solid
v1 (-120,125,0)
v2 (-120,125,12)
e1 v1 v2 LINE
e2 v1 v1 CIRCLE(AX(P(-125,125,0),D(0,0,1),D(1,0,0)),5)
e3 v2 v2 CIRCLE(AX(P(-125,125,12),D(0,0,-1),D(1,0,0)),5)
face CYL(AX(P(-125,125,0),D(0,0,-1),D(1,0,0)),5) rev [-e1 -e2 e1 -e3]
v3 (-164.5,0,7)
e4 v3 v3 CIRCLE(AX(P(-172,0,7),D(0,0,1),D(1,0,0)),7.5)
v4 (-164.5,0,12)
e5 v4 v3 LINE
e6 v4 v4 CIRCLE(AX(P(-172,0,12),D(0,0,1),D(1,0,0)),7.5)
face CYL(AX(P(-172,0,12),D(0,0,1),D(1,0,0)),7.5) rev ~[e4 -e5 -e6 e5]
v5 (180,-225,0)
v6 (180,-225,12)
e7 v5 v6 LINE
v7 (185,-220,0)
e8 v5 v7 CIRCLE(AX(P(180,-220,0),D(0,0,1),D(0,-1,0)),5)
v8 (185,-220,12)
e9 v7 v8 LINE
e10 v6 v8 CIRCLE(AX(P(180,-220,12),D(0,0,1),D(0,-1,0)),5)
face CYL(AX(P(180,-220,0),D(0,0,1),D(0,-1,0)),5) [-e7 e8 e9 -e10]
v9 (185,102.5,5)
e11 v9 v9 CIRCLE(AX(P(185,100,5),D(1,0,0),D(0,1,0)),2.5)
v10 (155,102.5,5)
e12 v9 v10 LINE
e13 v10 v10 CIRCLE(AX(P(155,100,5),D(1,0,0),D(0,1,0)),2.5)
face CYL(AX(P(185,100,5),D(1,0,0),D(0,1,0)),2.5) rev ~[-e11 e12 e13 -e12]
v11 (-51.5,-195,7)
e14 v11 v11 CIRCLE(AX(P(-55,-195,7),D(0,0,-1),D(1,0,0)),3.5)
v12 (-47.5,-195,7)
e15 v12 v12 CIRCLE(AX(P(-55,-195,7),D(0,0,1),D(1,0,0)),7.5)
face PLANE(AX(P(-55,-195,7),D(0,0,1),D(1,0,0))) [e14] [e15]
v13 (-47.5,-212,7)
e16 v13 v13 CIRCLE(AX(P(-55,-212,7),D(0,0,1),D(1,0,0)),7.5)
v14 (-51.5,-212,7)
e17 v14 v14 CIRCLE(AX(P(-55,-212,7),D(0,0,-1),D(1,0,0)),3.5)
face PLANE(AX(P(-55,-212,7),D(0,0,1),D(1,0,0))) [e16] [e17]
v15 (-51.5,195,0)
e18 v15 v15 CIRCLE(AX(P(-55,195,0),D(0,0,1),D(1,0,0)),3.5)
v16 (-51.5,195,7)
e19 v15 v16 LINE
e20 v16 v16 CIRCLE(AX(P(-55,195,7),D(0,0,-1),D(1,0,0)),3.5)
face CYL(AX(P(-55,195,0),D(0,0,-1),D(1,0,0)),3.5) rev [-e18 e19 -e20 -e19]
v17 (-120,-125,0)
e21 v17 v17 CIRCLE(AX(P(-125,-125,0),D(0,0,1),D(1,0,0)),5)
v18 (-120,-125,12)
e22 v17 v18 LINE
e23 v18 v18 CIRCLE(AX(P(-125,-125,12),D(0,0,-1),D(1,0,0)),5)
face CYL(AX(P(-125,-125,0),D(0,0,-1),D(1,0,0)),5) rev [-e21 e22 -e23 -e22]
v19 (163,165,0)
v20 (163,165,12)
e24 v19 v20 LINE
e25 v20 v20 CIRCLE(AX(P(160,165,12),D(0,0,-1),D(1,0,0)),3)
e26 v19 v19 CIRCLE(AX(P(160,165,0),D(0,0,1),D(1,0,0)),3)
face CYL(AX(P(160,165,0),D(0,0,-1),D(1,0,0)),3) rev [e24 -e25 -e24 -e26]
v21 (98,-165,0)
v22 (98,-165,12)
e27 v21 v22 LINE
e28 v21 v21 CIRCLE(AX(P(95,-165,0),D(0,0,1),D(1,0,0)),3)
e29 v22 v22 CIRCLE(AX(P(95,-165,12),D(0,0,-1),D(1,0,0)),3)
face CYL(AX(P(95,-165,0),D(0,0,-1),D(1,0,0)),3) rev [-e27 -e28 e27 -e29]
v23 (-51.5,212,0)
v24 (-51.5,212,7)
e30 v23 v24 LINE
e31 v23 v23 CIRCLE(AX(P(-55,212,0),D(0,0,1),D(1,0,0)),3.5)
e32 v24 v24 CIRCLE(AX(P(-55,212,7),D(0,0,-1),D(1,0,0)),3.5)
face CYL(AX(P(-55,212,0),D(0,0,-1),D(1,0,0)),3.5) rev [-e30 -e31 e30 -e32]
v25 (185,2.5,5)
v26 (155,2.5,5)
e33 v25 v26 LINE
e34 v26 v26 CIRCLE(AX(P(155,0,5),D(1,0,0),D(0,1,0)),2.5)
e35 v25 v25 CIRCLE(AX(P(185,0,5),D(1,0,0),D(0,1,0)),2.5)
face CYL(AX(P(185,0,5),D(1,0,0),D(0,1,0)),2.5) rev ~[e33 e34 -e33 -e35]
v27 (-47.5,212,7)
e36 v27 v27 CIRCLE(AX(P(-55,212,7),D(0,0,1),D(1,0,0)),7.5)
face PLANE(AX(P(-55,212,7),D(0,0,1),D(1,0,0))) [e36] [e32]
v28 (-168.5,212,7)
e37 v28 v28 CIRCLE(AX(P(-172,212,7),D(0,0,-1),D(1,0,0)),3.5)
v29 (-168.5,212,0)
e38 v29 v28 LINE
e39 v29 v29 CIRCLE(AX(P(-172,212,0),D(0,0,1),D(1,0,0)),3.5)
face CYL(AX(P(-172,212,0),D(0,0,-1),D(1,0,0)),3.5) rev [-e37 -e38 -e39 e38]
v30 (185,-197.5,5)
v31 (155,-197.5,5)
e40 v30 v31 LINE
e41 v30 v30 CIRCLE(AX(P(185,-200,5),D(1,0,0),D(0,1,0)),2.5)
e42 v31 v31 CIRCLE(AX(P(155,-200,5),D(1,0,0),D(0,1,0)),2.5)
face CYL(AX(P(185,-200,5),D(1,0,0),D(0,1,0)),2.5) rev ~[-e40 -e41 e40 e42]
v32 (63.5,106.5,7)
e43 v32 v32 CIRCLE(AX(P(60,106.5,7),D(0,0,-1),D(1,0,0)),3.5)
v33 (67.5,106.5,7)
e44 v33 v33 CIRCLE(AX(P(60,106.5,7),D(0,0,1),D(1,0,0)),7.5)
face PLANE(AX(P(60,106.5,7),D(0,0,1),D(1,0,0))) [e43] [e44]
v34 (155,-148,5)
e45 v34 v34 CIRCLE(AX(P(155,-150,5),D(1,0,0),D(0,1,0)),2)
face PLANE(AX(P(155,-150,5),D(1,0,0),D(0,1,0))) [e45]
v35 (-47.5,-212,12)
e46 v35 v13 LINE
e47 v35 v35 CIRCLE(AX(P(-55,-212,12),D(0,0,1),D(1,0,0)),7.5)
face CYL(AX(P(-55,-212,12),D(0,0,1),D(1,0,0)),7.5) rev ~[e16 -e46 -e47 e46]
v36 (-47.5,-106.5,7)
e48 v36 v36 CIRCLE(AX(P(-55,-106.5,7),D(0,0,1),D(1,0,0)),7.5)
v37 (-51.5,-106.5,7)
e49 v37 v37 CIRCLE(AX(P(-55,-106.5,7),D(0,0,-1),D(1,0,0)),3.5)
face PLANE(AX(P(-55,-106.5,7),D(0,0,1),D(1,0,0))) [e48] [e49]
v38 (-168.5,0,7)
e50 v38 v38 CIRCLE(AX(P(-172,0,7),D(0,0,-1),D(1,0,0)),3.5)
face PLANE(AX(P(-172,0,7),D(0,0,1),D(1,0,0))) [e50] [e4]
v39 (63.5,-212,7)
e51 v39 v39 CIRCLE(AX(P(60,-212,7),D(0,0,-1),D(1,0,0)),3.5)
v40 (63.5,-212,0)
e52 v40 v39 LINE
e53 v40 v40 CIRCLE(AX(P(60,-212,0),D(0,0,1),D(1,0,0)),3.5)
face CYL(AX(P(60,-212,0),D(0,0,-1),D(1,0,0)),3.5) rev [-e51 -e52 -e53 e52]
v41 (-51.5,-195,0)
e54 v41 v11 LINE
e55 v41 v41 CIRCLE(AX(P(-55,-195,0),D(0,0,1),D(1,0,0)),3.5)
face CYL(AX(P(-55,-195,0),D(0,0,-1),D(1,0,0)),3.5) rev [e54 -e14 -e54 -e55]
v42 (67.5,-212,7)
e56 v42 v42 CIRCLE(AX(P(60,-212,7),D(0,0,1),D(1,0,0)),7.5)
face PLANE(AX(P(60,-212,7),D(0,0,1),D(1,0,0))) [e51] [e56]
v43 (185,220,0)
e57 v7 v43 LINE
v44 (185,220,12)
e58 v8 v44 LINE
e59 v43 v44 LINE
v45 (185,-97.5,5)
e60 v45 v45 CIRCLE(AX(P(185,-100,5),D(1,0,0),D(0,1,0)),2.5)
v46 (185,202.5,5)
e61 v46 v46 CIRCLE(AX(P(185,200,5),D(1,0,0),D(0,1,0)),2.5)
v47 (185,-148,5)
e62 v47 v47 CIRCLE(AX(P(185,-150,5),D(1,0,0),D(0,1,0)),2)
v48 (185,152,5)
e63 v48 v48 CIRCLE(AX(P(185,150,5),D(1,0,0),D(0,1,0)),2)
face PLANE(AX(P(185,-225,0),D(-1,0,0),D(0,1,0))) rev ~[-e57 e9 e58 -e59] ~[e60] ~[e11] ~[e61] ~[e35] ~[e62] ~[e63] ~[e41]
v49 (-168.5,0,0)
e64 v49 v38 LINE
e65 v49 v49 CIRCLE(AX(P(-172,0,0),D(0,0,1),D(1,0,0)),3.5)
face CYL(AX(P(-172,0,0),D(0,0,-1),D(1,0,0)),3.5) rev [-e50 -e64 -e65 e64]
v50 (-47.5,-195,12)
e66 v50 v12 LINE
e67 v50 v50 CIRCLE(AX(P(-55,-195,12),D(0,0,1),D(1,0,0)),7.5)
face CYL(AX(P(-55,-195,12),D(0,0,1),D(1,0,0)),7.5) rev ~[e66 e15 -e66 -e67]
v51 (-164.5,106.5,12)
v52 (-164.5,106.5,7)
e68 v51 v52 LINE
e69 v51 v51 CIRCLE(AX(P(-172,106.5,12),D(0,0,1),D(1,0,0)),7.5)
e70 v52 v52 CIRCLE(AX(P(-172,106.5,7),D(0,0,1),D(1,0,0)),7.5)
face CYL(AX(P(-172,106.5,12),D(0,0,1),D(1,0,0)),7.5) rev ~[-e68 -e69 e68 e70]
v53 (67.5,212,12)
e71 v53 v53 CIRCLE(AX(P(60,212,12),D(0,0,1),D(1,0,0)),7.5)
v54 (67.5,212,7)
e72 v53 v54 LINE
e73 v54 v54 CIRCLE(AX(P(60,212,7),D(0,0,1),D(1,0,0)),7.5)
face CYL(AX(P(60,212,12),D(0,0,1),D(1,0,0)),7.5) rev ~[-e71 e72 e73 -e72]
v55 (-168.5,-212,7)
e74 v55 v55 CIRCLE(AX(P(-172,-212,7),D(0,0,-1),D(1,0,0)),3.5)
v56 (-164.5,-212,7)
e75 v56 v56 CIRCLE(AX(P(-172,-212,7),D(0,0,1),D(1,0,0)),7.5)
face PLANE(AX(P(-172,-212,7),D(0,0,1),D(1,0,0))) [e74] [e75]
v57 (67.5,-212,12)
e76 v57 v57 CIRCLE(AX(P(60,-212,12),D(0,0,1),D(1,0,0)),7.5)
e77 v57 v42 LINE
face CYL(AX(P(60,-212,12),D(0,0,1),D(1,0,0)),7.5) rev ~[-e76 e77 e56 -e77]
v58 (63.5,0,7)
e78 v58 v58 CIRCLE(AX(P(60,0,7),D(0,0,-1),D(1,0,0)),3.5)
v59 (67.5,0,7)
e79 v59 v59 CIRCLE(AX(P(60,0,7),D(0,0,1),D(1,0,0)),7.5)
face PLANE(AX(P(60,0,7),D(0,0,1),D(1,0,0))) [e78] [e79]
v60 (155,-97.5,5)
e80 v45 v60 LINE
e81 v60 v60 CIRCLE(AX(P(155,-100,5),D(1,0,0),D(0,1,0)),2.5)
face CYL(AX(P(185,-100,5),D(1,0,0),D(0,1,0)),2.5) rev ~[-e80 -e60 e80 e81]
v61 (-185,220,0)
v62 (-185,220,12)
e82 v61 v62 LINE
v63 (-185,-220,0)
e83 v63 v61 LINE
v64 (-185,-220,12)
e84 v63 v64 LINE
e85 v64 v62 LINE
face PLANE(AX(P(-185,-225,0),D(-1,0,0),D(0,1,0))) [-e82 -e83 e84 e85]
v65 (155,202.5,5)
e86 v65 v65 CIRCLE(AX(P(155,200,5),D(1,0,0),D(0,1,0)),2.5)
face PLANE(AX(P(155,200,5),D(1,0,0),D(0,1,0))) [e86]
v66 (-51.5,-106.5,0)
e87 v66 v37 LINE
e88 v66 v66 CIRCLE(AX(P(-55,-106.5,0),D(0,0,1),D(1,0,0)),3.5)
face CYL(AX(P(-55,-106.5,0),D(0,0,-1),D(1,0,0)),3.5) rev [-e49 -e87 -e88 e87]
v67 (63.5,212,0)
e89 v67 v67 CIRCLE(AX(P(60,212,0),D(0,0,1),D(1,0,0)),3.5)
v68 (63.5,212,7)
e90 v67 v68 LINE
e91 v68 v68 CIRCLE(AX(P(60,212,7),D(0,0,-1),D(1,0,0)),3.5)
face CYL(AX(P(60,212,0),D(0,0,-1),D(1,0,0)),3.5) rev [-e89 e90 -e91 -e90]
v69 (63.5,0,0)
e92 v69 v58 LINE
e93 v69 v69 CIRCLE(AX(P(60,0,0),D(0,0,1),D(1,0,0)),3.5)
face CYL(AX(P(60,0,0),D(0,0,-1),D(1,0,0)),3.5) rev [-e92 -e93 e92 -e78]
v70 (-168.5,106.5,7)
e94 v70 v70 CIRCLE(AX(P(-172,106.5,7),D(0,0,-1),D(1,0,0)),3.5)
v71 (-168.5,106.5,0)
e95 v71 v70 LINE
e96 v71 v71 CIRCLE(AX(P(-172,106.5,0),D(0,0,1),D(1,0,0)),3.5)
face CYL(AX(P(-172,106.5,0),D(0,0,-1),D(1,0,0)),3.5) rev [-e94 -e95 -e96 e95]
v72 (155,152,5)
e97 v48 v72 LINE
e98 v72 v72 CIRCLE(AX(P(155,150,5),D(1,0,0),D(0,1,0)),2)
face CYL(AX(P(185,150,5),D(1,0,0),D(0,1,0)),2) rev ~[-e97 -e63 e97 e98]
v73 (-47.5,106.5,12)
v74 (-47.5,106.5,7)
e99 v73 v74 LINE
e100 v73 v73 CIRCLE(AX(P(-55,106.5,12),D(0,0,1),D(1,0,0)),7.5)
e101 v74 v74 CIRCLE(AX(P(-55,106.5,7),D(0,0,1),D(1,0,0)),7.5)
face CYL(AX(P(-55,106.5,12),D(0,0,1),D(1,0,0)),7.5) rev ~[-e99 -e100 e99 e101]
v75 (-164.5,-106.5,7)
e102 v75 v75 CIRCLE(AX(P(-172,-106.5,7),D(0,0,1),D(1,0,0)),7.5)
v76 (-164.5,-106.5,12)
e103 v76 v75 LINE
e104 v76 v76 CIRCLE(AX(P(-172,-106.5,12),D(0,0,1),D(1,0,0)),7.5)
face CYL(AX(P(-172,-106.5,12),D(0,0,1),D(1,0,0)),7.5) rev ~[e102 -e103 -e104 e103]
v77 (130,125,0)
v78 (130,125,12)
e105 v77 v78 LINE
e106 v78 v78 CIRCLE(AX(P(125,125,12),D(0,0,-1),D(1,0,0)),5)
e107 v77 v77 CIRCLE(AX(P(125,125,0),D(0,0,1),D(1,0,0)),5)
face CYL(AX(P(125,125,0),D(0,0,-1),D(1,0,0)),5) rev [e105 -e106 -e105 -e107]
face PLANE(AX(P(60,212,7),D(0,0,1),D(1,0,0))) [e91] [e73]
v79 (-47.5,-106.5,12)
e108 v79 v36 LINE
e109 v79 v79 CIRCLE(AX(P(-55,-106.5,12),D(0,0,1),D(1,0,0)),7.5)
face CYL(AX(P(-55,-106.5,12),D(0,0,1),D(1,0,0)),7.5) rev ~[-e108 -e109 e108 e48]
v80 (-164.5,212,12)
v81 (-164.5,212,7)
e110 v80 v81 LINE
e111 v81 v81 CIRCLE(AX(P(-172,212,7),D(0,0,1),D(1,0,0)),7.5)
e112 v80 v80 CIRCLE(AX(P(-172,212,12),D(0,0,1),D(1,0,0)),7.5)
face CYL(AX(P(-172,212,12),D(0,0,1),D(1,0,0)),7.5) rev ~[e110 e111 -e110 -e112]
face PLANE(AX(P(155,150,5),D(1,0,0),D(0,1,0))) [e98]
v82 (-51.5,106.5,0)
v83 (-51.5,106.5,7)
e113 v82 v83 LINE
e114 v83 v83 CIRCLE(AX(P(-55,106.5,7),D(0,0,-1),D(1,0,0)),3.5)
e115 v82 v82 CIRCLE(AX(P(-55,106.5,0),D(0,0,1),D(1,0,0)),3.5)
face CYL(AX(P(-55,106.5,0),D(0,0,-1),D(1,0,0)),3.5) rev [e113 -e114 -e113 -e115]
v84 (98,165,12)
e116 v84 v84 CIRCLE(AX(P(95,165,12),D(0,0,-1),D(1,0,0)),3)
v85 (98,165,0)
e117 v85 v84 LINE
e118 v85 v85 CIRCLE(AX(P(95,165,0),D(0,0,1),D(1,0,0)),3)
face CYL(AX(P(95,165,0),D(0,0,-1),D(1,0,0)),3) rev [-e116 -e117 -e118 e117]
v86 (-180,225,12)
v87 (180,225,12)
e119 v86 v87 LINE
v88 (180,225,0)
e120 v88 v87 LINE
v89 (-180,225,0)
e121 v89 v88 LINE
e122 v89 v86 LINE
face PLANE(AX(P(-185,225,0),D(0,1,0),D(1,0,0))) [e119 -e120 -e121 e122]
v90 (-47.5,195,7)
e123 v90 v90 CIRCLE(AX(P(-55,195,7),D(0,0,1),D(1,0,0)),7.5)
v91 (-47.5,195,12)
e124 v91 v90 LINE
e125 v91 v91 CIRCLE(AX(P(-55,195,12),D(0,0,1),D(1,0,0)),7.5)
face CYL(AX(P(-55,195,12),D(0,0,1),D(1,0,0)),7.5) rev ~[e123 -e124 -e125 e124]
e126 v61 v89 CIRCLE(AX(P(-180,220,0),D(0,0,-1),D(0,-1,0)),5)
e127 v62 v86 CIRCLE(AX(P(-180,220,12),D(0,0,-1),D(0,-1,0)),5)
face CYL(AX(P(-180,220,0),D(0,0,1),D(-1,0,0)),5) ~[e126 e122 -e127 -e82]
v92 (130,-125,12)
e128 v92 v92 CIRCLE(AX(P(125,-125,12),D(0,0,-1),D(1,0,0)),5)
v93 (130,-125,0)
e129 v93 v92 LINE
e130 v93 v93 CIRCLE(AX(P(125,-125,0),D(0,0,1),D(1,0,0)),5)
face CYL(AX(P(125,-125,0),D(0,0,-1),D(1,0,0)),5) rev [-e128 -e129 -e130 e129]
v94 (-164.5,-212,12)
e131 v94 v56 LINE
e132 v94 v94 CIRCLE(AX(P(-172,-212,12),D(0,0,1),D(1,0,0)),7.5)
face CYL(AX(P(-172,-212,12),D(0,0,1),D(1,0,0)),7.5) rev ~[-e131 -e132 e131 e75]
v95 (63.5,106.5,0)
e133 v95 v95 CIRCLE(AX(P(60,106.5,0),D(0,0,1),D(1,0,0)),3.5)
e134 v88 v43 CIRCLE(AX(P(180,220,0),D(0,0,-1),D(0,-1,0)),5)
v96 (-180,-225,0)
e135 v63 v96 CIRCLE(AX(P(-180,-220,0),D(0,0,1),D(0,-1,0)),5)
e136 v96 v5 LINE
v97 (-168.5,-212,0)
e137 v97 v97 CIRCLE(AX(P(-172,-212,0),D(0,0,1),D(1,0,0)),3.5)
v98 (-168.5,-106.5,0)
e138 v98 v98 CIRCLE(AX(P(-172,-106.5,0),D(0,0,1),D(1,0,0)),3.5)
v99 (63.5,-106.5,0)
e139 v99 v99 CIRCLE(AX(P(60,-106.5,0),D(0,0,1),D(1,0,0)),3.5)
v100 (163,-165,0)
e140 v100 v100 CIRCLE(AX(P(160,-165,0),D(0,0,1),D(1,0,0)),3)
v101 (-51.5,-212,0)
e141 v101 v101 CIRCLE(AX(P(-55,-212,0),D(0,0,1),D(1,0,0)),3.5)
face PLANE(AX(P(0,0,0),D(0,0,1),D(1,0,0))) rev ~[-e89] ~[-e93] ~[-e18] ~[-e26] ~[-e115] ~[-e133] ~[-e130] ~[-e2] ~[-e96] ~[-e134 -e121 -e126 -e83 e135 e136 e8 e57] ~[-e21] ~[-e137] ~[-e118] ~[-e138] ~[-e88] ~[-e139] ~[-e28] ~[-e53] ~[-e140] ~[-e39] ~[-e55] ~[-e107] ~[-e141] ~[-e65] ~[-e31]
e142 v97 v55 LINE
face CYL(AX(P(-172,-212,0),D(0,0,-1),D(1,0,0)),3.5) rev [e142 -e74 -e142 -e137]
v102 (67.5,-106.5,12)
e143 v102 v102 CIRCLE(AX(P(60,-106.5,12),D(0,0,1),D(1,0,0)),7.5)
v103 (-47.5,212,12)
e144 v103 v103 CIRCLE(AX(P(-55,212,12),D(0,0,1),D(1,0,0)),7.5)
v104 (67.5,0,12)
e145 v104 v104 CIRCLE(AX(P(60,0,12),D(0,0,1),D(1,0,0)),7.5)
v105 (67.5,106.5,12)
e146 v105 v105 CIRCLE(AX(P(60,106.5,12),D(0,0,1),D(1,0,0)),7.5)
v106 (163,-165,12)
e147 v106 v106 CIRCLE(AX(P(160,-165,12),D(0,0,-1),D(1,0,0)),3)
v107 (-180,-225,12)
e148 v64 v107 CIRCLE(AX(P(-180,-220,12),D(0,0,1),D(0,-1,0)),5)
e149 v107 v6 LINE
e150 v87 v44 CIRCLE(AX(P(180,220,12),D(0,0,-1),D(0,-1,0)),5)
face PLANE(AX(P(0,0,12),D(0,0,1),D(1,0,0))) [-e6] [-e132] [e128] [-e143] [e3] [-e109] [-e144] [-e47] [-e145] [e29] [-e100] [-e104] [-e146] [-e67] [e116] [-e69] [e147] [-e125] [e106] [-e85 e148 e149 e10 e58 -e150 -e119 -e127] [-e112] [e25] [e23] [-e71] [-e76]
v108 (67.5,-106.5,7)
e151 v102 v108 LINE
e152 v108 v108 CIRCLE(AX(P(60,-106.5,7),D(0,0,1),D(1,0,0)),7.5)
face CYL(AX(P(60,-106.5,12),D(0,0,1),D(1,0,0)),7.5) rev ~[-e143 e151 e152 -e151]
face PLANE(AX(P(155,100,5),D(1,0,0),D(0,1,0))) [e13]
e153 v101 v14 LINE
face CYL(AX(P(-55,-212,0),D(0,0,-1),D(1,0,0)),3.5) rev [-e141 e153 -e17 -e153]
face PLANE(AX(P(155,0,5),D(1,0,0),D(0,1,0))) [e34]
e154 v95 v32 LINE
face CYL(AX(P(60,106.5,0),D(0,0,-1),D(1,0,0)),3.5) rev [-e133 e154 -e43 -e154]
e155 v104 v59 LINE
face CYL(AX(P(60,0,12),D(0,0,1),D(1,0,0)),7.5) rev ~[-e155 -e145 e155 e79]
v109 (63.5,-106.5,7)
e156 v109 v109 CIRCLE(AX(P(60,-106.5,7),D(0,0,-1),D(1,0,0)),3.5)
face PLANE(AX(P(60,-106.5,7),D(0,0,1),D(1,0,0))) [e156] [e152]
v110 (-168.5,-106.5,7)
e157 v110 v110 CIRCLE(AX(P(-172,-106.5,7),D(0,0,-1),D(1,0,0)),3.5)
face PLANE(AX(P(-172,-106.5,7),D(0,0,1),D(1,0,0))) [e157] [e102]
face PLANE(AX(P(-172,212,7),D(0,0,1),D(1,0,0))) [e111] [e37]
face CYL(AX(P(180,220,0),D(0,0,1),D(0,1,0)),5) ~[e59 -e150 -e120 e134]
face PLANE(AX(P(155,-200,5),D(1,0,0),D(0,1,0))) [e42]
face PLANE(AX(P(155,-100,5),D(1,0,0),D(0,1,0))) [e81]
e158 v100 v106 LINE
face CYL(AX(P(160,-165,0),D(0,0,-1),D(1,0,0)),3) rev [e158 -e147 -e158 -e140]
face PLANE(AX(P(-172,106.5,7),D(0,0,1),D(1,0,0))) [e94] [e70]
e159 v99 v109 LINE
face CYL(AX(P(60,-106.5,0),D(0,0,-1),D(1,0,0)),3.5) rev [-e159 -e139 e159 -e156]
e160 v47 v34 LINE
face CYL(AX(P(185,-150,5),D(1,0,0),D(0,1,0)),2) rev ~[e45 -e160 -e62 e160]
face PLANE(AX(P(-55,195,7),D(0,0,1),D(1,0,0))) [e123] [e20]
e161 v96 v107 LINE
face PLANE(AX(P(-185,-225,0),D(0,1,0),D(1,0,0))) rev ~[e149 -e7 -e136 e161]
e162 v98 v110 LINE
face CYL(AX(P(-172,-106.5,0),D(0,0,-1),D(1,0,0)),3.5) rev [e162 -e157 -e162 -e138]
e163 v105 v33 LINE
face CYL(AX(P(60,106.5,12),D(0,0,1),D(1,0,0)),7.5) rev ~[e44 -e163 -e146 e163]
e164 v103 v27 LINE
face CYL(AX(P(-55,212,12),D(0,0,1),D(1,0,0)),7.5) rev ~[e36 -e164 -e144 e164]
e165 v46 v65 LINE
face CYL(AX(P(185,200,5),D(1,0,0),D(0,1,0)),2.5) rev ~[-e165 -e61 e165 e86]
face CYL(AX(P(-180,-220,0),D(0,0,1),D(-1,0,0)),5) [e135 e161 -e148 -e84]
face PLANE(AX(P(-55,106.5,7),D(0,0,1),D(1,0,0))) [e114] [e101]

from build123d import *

# Parameters (mm, degrees)
F0_W      = 370
F0_H      = 450
F1_DEPTH  = 12
F2_R      = 3.5
F2_R_2    = 2.871219
F2_R_3    = 3
F3_DEPTH  = 12.001
F4_R      = 5
F5_R      = 7.5
F6_DEPTH  = 5
F7_R      = 2.5
F7_R_2    = 2
F8_DEPTH  = 30
F9_R      = 5
F10_DEPTH = 12.001


with BuildPart() as f1:
    # F0 (on Top) → F1 (new body)
    with BuildSketch(Plane.XY):
        Rectangle(F0_W, F0_H)
    extrude(amount=F1_DEPTH)

    # F2 (on Top) → F3 (cut, through all)
    with BuildSketch(Plane.XY):
        with Locations((-172, 106.5)):
            Circle(F2_R)
        with Locations((-172, 0)):
            Circle(F2_R)
        with Locations((-172, -332.140073)):
            Circle(F2_R_2)
        with Locations((60, 106.5)):
            Circle(F2_R)
        with Locations((60, 0)):
            Circle(F2_R)
        with Locations((60, -212)):
            Circle(F2_R)
        with Locations((60, 212)):
            Circle(F2_R)
        with Locations((-172, 212)):
            Circle(F2_R)
        with Locations((-172, -106.5)):
            Circle(F2_R)
        with Locations((-172, -212)):
            Circle(F2_R)
        with Locations((60, -106.5)):
            Circle(F2_R)
        with Locations((-55, 212)):
            Circle(F2_R)
        with Locations((-55, -212)):
            Circle(F2_R)
        with Locations((-55, -106.5)):
            Circle(F2_R)
        with Locations((-55, 106.5)):
            Circle(F2_R)
        with Locations((160, -165)):
            Circle(F2_R_3)
        with Locations((160, 165)):
            Circle(F2_R_3)
        with Locations((95, -165)):
            Circle(F2_R_3)
        with Locations((95, 165)):
            Circle(F2_R_3)
        with Locations((-55, 195)):
            Circle(F2_R)
        with Locations((-55, -195)):
            Circle(F2_R)
    extrude(amount=F3_DEPTH, mode=Mode.SUBTRACT)

    # F4
    f4_edges = [f1.edges().sort_by_distance(p)[0] for p in [
        (-185, -225, 6),
        (185, -225, 6),
        (185, 225, 6),
        (-185, 225, 6),
    ]]
    fillet(f4_edges, radius=F4_R)

    # F5 (on face) → F6 (cut)
    with BuildSketch(Plane.XY.offset(12)):
        with Locations((-172, 212)):
            Circle(F5_R)
        with Locations((-55, 212)):
            Circle(F5_R)
        with Locations((60, 212)):
            Circle(F5_R)
        with Locations((60, 106.5)):
            Circle(F5_R)
        with Locations((-55, 106.5)):
            Circle(F5_R)
        with Locations((-172, 106.5)):
            Circle(F5_R)
        with Locations((-172, 0)):
            Circle(F5_R)
        with Locations((60, 0)):
            Circle(F5_R)
        with Locations((-172, -106.5)):
            Circle(F5_R)
        with Locations((-55, -106.5)):
            Circle(F5_R)
        with Locations((60, -106.5)):
            Circle(F5_R)
        with Locations((60, -212)):
            Circle(F5_R)
        with Locations((-55, -212)):
            Circle(F5_R)
        with Locations((-172, -212)):
            Circle(F5_R)
        with Locations((-55, 195)):
            Circle(F5_R)
        with Locations((-55, -195)):
            Circle(F5_R)
    extrude(amount=-F6_DEPTH, mode=Mode.SUBTRACT)

    # F7 (on face) → F8 (cut)
    with BuildSketch(Plane.YZ.offset(185)):
        with Locations((100, 5)):
            Circle(F7_R)
        with Locations((200, 5)):
            Circle(F7_R)
        with Locations((-200, 5)):
            Circle(F7_R)
        with Locations((-100, 5)):
            Circle(F7_R)
        with Locations((0, 5)):
            Circle(F7_R)
        with Locations((150, 5)):
            Circle(F7_R_2)
        with Locations((-150, 5)):
            Circle(F7_R_2)
    extrude(amount=-F8_DEPTH, mode=Mode.SUBTRACT)

    # F9 (on Top) → F10 (cut, through all)
    with BuildSketch(Plane.XY):
        with Locations((-125, 125)):
            Circle(F9_R)
        with Locations((125, 125)):
            Circle(F9_R)
        with Locations((-125, -125)):
            Circle(F9_R)
        with Locations((125, -125)):
            Circle(F9_R)
    extrude(amount=F10_DEPTH, mode=Mode.SUBTRACT)


solid = f1.part
